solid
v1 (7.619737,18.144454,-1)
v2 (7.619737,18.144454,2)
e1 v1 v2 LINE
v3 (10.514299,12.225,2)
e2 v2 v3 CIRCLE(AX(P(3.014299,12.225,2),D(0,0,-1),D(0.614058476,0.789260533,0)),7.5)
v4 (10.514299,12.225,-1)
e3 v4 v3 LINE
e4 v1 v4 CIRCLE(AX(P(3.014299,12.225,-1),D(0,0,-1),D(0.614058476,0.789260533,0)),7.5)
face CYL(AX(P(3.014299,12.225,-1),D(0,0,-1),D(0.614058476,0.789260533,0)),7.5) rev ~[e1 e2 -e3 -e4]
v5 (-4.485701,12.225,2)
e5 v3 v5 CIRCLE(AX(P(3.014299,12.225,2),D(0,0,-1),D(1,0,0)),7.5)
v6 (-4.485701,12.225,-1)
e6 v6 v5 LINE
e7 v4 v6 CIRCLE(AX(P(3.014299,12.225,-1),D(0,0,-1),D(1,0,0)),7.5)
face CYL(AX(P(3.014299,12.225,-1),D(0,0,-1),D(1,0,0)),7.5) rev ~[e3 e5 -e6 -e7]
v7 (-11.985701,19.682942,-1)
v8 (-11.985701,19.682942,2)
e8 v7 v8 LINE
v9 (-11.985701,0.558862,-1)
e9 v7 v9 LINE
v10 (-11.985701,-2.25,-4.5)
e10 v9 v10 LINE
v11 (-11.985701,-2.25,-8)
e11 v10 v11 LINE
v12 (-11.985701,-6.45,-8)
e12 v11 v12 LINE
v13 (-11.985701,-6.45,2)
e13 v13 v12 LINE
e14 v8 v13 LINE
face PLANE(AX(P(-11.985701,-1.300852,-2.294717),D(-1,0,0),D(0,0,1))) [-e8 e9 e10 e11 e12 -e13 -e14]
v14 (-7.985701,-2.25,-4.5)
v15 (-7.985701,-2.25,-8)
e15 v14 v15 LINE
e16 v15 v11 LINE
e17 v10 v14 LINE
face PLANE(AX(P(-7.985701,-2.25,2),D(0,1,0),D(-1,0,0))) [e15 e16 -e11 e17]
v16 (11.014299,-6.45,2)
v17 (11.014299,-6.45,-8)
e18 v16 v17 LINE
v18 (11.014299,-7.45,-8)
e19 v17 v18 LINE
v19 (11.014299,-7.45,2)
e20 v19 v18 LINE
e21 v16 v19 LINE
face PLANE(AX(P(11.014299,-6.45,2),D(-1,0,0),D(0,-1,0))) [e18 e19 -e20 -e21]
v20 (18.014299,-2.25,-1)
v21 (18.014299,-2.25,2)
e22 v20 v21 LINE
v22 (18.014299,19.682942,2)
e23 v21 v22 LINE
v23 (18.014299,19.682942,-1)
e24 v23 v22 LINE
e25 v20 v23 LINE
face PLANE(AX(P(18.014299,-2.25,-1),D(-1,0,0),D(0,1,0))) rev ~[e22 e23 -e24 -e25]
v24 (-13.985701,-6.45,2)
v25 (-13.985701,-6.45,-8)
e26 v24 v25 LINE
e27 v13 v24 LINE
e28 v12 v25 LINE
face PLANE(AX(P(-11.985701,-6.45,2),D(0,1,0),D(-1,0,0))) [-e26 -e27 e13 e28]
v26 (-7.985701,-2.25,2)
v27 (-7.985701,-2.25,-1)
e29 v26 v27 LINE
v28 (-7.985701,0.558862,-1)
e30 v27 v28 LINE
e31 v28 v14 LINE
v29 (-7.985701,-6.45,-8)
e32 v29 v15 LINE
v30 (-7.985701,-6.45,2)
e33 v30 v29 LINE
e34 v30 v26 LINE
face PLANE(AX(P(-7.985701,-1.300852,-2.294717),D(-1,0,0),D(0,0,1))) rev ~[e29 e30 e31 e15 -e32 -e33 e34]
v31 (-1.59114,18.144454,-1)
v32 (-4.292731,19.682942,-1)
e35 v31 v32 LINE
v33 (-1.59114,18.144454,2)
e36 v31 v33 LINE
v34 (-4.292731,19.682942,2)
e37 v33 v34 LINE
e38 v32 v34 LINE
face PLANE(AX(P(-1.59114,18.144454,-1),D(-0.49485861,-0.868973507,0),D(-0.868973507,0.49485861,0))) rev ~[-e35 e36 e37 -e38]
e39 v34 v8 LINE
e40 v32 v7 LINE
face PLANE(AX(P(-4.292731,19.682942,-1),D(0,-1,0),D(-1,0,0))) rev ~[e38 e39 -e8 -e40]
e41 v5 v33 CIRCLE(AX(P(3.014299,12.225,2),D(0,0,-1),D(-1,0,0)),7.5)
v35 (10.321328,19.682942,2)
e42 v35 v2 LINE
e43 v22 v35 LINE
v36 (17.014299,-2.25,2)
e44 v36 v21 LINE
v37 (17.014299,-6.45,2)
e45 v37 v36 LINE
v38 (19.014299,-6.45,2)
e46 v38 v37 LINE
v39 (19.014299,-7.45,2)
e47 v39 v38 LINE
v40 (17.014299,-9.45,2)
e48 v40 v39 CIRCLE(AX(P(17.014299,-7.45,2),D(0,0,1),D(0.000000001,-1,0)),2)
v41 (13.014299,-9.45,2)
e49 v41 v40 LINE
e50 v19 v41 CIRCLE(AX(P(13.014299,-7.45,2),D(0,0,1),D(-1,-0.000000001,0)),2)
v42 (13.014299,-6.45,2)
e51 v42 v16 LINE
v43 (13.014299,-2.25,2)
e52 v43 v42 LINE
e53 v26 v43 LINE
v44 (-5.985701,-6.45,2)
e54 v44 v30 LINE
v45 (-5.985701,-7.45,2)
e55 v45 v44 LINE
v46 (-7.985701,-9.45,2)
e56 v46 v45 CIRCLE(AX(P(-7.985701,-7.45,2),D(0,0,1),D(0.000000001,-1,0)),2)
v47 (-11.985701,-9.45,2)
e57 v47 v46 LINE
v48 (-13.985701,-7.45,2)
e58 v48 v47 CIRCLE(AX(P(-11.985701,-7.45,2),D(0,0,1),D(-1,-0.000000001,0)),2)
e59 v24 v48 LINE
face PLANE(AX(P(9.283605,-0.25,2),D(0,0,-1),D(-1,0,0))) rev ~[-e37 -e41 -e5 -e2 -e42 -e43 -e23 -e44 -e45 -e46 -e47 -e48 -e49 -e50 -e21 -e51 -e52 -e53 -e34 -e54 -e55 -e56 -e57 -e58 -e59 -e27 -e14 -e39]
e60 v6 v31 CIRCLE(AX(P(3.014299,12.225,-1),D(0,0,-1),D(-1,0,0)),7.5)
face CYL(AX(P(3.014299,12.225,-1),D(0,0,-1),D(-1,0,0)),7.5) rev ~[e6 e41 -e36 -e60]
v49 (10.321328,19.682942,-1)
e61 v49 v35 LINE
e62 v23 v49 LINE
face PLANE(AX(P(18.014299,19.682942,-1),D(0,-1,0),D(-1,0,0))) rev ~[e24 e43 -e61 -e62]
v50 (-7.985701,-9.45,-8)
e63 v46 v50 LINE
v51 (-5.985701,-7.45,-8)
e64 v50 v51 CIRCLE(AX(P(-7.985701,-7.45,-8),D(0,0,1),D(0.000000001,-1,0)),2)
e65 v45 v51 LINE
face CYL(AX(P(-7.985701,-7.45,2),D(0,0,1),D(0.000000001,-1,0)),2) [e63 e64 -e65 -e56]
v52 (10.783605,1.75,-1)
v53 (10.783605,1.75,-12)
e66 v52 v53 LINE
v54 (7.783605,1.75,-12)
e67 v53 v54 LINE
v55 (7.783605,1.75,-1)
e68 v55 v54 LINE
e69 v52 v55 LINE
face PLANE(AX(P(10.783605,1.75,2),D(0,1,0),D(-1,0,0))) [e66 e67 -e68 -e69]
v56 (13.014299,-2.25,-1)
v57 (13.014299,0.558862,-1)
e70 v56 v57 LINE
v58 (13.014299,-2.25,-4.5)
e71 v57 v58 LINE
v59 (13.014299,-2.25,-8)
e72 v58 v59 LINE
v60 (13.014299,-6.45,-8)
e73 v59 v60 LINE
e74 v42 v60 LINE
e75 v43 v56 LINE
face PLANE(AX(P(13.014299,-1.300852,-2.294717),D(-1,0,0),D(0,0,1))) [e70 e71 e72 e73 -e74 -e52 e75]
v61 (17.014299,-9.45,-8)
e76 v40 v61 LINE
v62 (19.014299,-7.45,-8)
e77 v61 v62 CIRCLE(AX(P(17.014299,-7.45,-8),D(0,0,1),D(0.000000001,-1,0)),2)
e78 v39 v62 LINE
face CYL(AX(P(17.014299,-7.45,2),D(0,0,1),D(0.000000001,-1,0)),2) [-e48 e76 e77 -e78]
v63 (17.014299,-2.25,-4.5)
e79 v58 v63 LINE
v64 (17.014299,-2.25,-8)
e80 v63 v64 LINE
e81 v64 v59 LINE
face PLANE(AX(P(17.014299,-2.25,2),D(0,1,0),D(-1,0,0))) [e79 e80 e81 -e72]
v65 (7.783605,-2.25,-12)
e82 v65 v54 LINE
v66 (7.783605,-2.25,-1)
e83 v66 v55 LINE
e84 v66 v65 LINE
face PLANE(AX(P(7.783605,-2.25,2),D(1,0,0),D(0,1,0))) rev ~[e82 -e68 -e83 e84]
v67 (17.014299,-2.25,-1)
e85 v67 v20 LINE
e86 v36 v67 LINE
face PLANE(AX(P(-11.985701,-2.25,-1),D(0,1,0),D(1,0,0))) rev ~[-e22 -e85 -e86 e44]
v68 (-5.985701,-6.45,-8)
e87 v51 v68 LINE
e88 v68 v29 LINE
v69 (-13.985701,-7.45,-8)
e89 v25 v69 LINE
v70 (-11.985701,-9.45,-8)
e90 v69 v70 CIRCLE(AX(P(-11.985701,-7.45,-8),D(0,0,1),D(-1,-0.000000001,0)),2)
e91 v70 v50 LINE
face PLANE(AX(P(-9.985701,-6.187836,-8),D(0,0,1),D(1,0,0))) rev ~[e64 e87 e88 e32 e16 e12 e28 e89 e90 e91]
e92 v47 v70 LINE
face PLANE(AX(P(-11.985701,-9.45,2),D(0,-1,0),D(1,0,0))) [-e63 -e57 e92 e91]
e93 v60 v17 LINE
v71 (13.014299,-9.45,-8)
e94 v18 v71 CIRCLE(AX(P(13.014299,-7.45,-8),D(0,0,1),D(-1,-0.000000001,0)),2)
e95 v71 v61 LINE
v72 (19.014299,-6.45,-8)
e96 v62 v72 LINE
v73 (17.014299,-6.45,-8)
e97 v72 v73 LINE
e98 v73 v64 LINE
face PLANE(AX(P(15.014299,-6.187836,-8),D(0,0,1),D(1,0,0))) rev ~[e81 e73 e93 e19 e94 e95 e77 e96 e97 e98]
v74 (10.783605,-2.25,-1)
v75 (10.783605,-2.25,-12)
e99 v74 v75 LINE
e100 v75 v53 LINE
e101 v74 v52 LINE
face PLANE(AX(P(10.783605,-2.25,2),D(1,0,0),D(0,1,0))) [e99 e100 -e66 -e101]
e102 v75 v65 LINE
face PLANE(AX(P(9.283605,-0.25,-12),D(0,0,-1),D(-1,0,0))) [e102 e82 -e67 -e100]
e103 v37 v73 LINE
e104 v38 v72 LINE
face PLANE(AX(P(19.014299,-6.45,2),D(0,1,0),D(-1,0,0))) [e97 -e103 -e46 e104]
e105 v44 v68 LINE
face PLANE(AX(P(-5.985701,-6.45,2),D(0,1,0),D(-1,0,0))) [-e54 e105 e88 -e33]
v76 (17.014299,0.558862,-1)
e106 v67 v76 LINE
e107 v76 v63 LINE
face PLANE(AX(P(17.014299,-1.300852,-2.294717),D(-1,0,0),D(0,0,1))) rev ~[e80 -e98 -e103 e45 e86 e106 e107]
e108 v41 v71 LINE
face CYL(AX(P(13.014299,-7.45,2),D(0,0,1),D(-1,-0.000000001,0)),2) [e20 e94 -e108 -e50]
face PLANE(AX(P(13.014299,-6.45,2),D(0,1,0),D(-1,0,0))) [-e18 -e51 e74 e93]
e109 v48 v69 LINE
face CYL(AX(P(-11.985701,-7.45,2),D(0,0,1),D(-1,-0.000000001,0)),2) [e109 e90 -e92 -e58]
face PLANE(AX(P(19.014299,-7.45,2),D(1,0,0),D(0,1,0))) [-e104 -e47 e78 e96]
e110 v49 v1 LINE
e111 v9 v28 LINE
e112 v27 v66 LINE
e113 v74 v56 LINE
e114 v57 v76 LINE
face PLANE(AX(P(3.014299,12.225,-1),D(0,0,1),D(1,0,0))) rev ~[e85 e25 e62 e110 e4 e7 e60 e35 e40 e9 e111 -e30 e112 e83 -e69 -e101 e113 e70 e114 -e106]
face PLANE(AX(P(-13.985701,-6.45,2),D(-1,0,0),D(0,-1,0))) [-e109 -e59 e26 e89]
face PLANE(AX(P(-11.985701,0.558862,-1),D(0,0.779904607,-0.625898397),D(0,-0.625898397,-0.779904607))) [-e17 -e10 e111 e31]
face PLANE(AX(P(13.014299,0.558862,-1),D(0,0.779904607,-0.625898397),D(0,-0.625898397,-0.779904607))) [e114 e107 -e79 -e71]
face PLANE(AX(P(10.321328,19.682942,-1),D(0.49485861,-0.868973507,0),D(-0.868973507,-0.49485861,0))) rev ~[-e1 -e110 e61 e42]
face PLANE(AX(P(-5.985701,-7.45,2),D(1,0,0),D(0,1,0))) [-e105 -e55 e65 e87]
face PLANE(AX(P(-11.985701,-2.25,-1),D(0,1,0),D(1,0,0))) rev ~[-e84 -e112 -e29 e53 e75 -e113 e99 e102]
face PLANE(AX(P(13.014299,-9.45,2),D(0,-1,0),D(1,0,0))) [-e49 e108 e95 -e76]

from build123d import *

# Parameters (mm, degrees)
EXTRUDE_1_DEPTH      = 2
EXTRUDE_1_DEPTH_BACK = 1
BOSS_EXTRUDE1_DEPTH  = 10
LPATTERN1_COUNT      = 2
LPATTERN1_PITCH      = 25
SKETCH2_W            = 3
SKETCH2_H            = 4
BOSS_EXTRUDE2_DEPTH  = 14
BOSS_EXTRUDE3_DEPTH  = 4
LPATTERN2_COUNT      = 2
LPATTERN2_PITCH      = 25
CUT_EXTRUDE1_DEPTH   = 10


with BuildPart() as part:
    # Эскиз2 → Бобышка-Вытянуть1 (new, two sides: drawn at the far end of the back side and taken through both)
    with BuildSketch(Plane.XY.offset(-EXTRUDE_1_DEPTH_BACK)):
        Polygon((18.01429863, 0), (18.01429863, 26.7), (-11.98570137, 26.7), (-11.98570137, -2.25), (18.01429863, -2.25), align=None)
    extrude(amount=EXTRUDE_1_DEPTH + EXTRUDE_1_DEPTH_BACK)

    # Sketch1 → Boss-Extrude1 (add)
    with BuildSketch(Plane.XY.offset(2)):
        with BuildLine():
            Line((-5.98570137, -6.45), (-7.98570137, -6.45))
            Line((-7.98570137, -6.45), (-7.98570137, -2.25))
            Line((-7.98570137, -2.25), (-11.98570137, -2.25))
            Line((-11.98570137, -2.25), (-11.98570137, -6.45))
            Line((-11.98570137, -6.45), (-13.98570137, -6.45))
            Line((-13.98570137, -6.45), (-13.98570137, -7.45))
            ThreePointArc((-13.98570137, -7.45), (-13.399914932, -8.864213562), (-11.98570137, -9.45))
            Line((-11.98570137, -9.45), (-7.98570137, -9.45))
            ThreePointArc((-7.98570137, -9.45), (-6.571487808, -8.864213562), (-5.98570137, -7.45))
            Line((-5.98570137, -7.45), (-5.98570137, -6.45))
        make_face()
    boss_extrude1 = extrude(amount=-BOSS_EXTRUDE1_DEPTH)

    # LPattern1: Boss-Extrude1 ×2
    with Locations(*[(i * LPATTERN1_PITCH, 0, 0) for i in range(1, LPATTERN1_COUNT)]):
        add(boss_extrude1)

    # Sketch2 → Boss-Extrude2 (add)
    with BuildSketch(Plane(origin=(0, 0, 2), x_dir=(-1, 0, 0), z_dir=(0, 0, -1))):
        with Locations((-9.283605158, -0.25)):
            Rectangle(SKETCH2_W, SKETCH2_H)
    extrude(amount=BOSS_EXTRUDE2_DEPTH)

    # Sketch3 → Boss-Extrude3 (add)
    with BuildSketch(Plane.ZY.offset(-13.01429863)):
        Polygon((-4.5, -2.25), (-1, -2.25), (-1, 0.558861968), align=None)
    boss_extrude3 = extrude(amount=-BOSS_EXTRUDE3_DEPTH)

    # LPattern2: Boss-Extrude3 ×2
    with Locations(*[(-i * LPATTERN2_PITCH, 0, 0) for i in range(1, LPATTERN2_COUNT)]):
        add(boss_extrude3)

    # Sketch4 → Cut-Extrude1 (cut)
    with BuildSketch(Plane(origin=(0, 0, -1), x_dir=(-1, 0, 0), z_dir=(0, 0, -1))):
        with BuildLine():
            Line((-10.321327868, 19.682942102), (-7.619737196, 18.144453997))
            ThreePointArc((-7.619737196, 18.144453997), (-9.751909083, 15.519632814), (-10.51429863, 12.225))
            ThreePointArc((-10.51429863, 12.225), (-3.01429863, 4.725), (4.48570137, 12.225))
            ThreePointArc((4.48570137, 12.225), (3.723311823, 15.519632814), (1.591139935, 18.144453997))
            Line((1.591139935, 18.144453997), (4.292730608, 19.682942102))
            Line((4.292730608, 19.682942102), (13.385264368, 19.682942102))
            Line((13.385264368, 19.682942102), (19.56091022, 30.423181844))
            Line((19.56091022, 30.423181844), (-22.587954431, 29.74009492))
            Line((-22.587954431, 29.74009492), (-18.01429863, 19.682942102))
            Line((-18.01429863, 19.682942102), (-10.321327868, 19.682942102))
        make_face()
    extrude(amount=-CUT_EXTRUDE1_DEPTH, mode=Mode.SUBTRACT)


solid = part.part
